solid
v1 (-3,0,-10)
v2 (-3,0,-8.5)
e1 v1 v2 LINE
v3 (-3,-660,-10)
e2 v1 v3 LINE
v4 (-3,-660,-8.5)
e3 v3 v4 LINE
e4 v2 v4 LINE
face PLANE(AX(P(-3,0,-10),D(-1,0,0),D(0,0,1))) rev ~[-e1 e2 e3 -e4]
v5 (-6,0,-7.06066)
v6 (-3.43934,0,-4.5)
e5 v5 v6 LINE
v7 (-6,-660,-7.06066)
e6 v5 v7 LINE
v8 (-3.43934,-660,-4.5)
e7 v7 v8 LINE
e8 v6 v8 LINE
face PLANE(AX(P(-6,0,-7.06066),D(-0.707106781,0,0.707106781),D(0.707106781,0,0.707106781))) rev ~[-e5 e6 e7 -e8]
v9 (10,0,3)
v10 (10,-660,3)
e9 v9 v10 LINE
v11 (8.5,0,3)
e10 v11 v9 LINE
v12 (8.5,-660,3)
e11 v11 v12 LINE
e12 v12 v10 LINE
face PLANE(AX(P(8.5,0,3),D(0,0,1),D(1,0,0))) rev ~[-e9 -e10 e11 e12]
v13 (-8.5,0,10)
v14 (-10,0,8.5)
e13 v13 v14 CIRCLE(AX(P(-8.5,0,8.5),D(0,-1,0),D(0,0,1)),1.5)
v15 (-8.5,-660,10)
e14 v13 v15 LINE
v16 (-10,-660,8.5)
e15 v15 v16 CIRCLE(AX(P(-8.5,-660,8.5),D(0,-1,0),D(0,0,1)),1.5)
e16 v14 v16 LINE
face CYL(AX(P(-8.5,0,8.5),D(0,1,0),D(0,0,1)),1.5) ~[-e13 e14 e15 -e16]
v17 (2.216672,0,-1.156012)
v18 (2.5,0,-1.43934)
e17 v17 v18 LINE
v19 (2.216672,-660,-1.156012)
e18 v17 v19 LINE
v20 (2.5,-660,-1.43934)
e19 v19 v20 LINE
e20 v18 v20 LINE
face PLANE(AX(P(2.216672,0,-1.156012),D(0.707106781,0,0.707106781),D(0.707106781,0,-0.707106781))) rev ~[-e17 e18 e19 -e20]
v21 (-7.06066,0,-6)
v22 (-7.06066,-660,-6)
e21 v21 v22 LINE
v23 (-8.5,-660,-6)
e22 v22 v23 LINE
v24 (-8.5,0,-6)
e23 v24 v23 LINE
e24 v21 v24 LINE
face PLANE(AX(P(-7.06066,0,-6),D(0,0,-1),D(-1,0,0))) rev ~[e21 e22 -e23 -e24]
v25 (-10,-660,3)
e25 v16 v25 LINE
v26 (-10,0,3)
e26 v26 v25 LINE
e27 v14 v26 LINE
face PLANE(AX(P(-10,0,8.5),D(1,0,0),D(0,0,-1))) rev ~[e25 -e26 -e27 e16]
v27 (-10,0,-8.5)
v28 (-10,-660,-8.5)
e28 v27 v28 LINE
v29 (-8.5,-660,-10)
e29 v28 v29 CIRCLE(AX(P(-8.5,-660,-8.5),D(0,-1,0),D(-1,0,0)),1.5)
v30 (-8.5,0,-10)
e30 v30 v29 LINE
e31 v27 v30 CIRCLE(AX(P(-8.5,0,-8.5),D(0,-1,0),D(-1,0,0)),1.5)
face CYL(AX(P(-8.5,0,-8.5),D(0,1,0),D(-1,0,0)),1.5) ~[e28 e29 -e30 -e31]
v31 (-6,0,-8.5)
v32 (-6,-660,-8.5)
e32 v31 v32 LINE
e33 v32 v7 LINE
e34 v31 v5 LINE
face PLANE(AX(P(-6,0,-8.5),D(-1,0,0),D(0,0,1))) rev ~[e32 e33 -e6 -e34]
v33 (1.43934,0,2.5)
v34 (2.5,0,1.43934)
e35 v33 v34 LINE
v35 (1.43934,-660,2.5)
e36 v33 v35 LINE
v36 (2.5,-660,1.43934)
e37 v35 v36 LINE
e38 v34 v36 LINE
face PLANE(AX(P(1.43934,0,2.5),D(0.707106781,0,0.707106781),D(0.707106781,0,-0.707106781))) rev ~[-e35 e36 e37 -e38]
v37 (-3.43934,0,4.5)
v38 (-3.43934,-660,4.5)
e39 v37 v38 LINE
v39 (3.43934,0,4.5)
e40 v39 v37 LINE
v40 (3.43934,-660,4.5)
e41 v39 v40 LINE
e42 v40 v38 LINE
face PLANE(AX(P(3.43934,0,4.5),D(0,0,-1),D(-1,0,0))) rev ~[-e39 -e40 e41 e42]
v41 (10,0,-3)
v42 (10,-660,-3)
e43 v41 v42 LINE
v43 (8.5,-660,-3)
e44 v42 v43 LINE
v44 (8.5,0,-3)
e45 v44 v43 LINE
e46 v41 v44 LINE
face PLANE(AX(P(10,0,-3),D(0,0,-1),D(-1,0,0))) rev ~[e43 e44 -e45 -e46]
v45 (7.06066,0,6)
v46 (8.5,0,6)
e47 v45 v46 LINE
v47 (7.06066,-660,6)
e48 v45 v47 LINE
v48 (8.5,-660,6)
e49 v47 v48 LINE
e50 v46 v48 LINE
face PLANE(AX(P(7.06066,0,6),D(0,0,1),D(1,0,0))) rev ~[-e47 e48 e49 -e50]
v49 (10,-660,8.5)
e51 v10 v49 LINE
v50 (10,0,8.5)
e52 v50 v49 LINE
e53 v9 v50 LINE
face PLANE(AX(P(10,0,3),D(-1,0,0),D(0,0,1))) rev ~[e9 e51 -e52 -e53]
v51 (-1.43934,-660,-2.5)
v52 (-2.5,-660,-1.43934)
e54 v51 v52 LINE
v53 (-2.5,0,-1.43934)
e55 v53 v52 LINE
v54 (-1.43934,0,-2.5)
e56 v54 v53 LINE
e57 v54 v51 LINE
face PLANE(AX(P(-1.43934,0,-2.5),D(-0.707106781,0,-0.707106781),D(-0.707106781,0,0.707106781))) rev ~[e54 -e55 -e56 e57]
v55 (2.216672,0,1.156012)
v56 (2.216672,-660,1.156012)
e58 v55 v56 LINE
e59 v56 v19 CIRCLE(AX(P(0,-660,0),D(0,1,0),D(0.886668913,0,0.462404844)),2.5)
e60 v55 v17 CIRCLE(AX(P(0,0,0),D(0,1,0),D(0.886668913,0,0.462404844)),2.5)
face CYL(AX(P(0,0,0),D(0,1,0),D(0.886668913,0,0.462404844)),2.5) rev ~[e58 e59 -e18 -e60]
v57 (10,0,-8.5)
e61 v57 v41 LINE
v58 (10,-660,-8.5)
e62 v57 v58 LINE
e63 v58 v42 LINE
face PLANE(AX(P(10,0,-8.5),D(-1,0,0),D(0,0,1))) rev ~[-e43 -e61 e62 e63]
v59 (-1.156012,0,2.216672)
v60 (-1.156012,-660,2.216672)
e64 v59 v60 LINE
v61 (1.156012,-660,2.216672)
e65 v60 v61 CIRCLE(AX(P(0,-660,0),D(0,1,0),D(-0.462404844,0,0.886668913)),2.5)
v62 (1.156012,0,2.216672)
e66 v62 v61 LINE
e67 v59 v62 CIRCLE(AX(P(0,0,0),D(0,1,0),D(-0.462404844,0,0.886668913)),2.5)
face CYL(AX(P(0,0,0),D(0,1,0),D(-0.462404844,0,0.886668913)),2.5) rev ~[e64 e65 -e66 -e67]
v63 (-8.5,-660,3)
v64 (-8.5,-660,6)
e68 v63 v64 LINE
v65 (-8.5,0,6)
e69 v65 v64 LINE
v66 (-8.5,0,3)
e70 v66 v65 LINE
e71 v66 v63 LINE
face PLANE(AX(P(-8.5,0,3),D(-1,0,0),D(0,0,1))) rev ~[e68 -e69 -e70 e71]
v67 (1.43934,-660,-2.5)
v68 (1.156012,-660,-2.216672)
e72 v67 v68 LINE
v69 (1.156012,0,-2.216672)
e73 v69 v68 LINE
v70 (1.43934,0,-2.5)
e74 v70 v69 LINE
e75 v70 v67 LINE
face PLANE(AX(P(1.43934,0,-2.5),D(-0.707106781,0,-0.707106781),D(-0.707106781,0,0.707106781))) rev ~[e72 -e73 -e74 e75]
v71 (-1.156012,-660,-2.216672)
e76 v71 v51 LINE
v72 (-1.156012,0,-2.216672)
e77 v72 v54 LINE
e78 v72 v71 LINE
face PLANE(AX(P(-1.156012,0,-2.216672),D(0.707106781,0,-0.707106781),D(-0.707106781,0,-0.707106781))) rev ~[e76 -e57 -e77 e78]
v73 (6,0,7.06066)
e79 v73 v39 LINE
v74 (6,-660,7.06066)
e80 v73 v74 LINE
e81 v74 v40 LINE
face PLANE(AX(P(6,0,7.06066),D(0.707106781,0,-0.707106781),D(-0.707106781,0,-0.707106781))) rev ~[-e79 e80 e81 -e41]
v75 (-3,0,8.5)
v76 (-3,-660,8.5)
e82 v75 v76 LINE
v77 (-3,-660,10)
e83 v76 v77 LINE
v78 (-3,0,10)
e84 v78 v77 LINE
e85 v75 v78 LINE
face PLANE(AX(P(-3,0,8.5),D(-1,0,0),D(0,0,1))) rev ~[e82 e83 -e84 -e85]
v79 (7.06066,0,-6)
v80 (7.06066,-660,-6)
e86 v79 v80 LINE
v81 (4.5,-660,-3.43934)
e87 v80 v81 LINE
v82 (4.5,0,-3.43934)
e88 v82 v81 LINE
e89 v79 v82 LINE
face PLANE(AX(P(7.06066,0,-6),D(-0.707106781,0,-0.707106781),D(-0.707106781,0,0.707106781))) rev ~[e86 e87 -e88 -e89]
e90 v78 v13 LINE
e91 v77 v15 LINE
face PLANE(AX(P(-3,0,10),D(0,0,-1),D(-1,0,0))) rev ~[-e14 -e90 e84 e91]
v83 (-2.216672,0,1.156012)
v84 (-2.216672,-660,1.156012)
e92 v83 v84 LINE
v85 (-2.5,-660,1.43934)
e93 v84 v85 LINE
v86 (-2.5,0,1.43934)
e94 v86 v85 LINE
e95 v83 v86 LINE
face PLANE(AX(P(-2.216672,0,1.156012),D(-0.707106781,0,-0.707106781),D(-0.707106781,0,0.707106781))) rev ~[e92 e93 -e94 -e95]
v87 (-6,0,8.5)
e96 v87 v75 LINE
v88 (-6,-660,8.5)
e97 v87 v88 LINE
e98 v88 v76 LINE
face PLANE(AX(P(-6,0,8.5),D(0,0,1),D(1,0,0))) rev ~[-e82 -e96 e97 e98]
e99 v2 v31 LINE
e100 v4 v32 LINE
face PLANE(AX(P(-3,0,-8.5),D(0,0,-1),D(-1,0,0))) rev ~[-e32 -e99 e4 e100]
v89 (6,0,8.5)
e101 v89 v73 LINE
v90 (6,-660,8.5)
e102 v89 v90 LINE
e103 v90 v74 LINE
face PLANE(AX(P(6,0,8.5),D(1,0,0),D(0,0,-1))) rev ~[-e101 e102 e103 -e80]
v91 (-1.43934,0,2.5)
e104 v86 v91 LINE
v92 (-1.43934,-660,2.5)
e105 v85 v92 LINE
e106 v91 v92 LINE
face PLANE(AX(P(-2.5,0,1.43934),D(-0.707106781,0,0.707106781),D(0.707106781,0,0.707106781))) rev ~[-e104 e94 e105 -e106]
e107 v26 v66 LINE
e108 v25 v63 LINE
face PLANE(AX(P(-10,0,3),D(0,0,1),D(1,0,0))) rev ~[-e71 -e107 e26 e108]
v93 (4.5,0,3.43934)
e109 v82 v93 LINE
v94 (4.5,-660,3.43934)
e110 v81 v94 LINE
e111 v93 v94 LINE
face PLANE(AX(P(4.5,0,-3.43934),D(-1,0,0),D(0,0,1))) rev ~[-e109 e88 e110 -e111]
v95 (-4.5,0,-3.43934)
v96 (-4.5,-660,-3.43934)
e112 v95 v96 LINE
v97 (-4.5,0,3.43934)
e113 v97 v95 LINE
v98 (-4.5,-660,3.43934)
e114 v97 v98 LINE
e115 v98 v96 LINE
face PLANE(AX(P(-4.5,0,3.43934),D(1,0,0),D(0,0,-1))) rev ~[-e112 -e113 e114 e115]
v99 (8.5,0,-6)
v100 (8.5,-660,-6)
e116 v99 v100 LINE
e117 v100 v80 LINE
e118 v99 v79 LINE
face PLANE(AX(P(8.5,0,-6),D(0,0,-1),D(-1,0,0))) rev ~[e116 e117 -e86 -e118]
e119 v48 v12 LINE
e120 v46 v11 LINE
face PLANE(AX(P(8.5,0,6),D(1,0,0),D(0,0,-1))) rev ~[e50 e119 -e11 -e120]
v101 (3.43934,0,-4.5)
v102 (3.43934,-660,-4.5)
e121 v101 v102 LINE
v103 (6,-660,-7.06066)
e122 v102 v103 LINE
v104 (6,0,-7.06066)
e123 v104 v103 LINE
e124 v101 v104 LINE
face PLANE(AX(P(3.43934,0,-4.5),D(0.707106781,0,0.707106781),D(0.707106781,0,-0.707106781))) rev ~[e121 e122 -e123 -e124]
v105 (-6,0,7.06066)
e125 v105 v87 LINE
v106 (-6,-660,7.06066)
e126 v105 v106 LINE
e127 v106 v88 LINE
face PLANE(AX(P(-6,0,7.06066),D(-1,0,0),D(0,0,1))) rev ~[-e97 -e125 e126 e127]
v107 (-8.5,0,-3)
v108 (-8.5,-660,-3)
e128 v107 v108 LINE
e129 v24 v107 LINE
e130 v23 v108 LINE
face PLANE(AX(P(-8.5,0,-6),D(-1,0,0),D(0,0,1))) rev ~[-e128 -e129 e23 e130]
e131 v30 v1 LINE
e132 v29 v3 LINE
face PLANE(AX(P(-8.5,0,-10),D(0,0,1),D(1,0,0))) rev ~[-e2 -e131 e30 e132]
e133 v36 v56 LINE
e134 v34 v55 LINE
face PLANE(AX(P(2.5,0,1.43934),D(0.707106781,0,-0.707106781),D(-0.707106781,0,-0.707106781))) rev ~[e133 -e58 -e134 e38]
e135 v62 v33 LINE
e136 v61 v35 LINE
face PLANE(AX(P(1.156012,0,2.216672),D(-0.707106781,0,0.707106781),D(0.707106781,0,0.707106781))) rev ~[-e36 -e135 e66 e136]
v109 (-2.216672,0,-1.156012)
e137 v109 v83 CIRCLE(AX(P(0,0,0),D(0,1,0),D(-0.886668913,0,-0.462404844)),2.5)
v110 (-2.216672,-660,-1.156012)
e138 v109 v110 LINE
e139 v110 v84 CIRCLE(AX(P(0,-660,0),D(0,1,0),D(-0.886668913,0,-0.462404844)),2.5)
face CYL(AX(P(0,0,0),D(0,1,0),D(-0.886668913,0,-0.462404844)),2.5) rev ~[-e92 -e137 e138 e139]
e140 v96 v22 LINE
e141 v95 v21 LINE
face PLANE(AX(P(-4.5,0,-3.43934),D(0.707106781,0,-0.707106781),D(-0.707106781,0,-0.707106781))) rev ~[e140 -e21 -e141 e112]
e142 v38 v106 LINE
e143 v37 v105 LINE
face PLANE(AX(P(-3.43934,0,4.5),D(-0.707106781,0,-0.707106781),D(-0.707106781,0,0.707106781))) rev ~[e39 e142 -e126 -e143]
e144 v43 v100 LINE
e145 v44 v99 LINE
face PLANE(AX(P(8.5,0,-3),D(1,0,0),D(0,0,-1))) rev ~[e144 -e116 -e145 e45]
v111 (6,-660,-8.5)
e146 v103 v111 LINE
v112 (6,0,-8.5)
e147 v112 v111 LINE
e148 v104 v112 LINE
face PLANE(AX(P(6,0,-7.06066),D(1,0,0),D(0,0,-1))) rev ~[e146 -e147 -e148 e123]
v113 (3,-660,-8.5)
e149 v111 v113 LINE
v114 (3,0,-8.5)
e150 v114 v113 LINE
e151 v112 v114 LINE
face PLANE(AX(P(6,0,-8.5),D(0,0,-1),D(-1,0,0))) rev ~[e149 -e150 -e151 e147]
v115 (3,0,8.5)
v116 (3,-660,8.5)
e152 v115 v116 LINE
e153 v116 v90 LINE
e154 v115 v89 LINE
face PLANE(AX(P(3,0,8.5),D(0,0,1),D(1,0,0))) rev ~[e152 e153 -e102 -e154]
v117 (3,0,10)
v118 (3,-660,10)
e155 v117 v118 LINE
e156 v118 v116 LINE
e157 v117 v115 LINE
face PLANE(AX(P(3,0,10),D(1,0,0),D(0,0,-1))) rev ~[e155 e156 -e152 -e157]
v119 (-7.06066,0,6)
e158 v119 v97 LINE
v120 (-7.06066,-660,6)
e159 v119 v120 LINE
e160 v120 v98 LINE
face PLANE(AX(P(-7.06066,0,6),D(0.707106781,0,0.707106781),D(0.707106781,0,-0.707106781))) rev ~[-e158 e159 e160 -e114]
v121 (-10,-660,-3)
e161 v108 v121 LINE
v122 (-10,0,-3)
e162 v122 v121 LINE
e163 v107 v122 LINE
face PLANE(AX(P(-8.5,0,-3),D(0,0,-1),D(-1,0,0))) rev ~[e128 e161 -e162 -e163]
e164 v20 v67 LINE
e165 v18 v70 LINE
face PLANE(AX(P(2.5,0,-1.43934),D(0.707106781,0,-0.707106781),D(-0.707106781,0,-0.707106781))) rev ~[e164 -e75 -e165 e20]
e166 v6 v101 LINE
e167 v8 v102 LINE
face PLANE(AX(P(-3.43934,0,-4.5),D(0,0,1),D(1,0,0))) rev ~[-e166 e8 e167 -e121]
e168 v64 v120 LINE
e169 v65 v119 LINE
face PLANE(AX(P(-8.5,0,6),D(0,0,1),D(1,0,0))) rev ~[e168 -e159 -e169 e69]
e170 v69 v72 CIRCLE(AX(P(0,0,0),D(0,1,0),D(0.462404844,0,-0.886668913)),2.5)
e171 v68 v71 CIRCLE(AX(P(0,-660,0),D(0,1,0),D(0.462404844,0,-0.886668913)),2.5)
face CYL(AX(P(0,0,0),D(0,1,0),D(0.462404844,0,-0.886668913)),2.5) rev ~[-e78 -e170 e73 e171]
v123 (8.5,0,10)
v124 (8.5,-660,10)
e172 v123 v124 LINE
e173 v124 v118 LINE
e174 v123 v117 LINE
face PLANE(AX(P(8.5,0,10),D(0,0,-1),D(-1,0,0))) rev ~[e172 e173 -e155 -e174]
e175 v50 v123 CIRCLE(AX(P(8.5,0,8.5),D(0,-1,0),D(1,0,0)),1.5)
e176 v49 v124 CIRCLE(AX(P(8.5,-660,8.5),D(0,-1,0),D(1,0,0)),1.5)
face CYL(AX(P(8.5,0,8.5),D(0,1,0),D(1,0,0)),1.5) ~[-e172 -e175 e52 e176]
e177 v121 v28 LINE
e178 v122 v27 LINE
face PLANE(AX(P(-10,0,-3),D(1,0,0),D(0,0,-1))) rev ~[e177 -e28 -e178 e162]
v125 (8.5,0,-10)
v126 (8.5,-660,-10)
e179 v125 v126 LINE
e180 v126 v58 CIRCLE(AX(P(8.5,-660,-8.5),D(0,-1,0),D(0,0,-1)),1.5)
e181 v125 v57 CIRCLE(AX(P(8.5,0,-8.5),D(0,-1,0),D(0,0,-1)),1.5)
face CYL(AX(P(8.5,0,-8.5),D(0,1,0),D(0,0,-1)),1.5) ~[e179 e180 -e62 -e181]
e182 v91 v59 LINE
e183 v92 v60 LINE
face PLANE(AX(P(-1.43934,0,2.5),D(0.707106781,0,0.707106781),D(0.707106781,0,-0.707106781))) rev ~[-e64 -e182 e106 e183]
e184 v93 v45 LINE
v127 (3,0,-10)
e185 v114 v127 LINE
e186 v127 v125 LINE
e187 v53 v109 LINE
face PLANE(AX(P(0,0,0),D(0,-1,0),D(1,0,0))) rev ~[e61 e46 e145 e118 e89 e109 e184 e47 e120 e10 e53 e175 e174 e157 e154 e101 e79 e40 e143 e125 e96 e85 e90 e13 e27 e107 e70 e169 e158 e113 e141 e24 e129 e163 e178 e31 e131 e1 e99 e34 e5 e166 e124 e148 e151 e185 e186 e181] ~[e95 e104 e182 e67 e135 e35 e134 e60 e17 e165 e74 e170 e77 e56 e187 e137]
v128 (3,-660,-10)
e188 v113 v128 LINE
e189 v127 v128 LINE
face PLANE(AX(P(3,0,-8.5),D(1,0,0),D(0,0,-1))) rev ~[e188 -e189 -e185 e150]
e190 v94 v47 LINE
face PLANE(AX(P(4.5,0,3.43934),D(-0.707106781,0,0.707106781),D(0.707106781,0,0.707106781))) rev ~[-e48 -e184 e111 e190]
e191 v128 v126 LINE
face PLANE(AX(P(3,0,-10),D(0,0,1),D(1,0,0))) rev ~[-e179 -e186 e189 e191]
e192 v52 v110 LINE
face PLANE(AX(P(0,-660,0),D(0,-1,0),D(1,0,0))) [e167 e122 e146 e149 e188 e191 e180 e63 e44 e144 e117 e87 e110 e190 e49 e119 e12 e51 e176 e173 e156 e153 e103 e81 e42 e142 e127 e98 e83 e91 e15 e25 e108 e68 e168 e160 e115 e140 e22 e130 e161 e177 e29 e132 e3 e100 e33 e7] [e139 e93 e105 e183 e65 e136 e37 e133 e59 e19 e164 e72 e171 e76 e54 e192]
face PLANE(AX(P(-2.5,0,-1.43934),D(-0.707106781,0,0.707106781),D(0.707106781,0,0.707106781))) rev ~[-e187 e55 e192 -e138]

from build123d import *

# Parameters (mm, degrees)
F1_DEPTH = 660


with BuildPart() as f1:
    # F0 (on Front) → F1 (new body)
    with BuildSketch(Plane.XZ):
        with BuildLine():
            Line((3, -10), (8.5, -10))
            ThreePointArc((8.5, -10), (9.5606601718, -9.5606601718), (10, -8.5))
            Line((10, -8.5), (10, -3))
            Line((10, -3), (8.5, -3))
            Line((8.5, -3), (8.5, -6))
            Line((8.5, -6), (7.0606601718, -6))
            Line((7.0606601718, -6), (4.5, -3.4393398282))
            Line((4.5, -3.4393398282), (4.5, 3.4393398282))
            Line((4.5, 3.4393398282), (7.0606601718, 6))
            Line((7.0606601718, 6), (8.5, 6))
            Line((8.5, 6), (8.5, 3))
            Line((8.5, 3), (10, 3))
            Line((10, 3), (10, 8.5))
            ThreePointArc((10, 8.5), (9.5606601718, 9.5606601718), (8.5, 10))
            Line((8.5, 10), (3, 10))
            Line((3, 10), (3, 8.5))
            Line((3, 8.5), (6, 8.5))
            Line((6, 8.5), (6, 7.0606601718))
            Line((6, 7.0606601718), (3.4393398282, 4.5))
            Line((3.4393398282, 4.5), (-3.4393398282, 4.5))
            Line((-3.4393398282, 4.5), (-6, 7.0606601718))
            Line((-6, 7.0606601718), (-6, 8.5))
            Line((-6, 8.5), (-3, 8.5))
            Line((-3, 8.5), (-3, 10))
            Line((-3, 10), (-8.5, 10))
            ThreePointArc((-8.5, 10), (-9.5606601718, 9.5606601718), (-10, 8.5))
            Line((-10, 8.5), (-10, 3))
            Line((-10, 3), (-8.5, 3))
            Line((-8.5, 3), (-8.5, 6))
            Line((-8.5, 6), (-7.0606601718, 6))
            Line((-7.0606601718, 6), (-4.5, 3.4393398282))
            Line((-4.5, 3.4393398282), (-4.5, -3.4393398282))
            Line((-4.5, -3.4393398282), (-7.0606601718, -6))
            Line((-7.0606601718, -6), (-8.5, -6))
            Line((-8.5, -6), (-8.5, -3))
            Line((-8.5, -3), (-10, -3))
            Line((-10, -3), (-10, -8.5))
            ThreePointArc((-10, -8.5), (-9.5606601718, -9.5606601718), (-8.5, -10))
            Line((-8.5, -10), (-3, -10))
            Line((-3, -10), (-3, -8.5))
            Line((-3, -8.5), (-6, -8.5))
            Line((-6, -8.5), (-6, -7.0606601718))
            Line((-6, -7.0606601718), (-3.4393398282, -4.5))
            Line((-3.4393398282, -4.5), (3.4393398282, -4.5))
            Line((3.4393398282, -4.5), (6, -7.0606601718))
            Line((6, -7.0606601718), (6, -8.5))
            Line((6, -8.5), (3, -8.5))
            Line((3, -8.5), (3, -10))
        make_face()
        with BuildLine():
            ThreePointArc((-1.1560121095, 2.2166722813), (0, 2.5), (1.1560121095, 2.2166722813))
            Line((1.1560121095, 2.2166722813), (1.4393398282, 2.5))
            Line((1.4393398282, 2.5), (2.5, 1.4393398282))
            Line((2.5, 1.4393398282), (2.2166722813, 1.1560121095))
            ThreePointArc((2.2166722813, 1.1560121095), (2.5, 0), (2.2166722813, -1.1560121095))
            Line((2.2166722813, -1.1560121095), (2.5, -1.4393398282))
            Line((2.5, -1.4393398282), (1.4393398282, -2.5))
            Line((1.4393398282, -2.5), (1.1560121095, -2.2166722813))
            ThreePointArc((1.1560121095, -2.2166722813), (0, -2.5), (-1.1560121095, -2.2166722813))
            Line((-1.1560121095, -2.2166722813), (-1.4393398282, -2.5))
            Line((-1.4393398282, -2.5), (-2.5, -1.4393398282))
            Line((-2.5, -1.4393398282), (-2.2166722813, -1.1560121095))
            ThreePointArc((-2.2166722813, -1.1560121095), (-2.5, 0), (-2.2166722813, 1.1560121095))
            Line((-2.2166722813, 1.1560121095), (-2.5, 1.4393398282))
            Line((-2.5, 1.4393398282), (-1.4393398282, 2.5))
            Line((-1.4393398282, 2.5), (-1.1560121095, 2.2166722813))
        make_face(mode=Mode.SUBTRACT)
    extrude(amount=F1_DEPTH)


solid = f1.part
